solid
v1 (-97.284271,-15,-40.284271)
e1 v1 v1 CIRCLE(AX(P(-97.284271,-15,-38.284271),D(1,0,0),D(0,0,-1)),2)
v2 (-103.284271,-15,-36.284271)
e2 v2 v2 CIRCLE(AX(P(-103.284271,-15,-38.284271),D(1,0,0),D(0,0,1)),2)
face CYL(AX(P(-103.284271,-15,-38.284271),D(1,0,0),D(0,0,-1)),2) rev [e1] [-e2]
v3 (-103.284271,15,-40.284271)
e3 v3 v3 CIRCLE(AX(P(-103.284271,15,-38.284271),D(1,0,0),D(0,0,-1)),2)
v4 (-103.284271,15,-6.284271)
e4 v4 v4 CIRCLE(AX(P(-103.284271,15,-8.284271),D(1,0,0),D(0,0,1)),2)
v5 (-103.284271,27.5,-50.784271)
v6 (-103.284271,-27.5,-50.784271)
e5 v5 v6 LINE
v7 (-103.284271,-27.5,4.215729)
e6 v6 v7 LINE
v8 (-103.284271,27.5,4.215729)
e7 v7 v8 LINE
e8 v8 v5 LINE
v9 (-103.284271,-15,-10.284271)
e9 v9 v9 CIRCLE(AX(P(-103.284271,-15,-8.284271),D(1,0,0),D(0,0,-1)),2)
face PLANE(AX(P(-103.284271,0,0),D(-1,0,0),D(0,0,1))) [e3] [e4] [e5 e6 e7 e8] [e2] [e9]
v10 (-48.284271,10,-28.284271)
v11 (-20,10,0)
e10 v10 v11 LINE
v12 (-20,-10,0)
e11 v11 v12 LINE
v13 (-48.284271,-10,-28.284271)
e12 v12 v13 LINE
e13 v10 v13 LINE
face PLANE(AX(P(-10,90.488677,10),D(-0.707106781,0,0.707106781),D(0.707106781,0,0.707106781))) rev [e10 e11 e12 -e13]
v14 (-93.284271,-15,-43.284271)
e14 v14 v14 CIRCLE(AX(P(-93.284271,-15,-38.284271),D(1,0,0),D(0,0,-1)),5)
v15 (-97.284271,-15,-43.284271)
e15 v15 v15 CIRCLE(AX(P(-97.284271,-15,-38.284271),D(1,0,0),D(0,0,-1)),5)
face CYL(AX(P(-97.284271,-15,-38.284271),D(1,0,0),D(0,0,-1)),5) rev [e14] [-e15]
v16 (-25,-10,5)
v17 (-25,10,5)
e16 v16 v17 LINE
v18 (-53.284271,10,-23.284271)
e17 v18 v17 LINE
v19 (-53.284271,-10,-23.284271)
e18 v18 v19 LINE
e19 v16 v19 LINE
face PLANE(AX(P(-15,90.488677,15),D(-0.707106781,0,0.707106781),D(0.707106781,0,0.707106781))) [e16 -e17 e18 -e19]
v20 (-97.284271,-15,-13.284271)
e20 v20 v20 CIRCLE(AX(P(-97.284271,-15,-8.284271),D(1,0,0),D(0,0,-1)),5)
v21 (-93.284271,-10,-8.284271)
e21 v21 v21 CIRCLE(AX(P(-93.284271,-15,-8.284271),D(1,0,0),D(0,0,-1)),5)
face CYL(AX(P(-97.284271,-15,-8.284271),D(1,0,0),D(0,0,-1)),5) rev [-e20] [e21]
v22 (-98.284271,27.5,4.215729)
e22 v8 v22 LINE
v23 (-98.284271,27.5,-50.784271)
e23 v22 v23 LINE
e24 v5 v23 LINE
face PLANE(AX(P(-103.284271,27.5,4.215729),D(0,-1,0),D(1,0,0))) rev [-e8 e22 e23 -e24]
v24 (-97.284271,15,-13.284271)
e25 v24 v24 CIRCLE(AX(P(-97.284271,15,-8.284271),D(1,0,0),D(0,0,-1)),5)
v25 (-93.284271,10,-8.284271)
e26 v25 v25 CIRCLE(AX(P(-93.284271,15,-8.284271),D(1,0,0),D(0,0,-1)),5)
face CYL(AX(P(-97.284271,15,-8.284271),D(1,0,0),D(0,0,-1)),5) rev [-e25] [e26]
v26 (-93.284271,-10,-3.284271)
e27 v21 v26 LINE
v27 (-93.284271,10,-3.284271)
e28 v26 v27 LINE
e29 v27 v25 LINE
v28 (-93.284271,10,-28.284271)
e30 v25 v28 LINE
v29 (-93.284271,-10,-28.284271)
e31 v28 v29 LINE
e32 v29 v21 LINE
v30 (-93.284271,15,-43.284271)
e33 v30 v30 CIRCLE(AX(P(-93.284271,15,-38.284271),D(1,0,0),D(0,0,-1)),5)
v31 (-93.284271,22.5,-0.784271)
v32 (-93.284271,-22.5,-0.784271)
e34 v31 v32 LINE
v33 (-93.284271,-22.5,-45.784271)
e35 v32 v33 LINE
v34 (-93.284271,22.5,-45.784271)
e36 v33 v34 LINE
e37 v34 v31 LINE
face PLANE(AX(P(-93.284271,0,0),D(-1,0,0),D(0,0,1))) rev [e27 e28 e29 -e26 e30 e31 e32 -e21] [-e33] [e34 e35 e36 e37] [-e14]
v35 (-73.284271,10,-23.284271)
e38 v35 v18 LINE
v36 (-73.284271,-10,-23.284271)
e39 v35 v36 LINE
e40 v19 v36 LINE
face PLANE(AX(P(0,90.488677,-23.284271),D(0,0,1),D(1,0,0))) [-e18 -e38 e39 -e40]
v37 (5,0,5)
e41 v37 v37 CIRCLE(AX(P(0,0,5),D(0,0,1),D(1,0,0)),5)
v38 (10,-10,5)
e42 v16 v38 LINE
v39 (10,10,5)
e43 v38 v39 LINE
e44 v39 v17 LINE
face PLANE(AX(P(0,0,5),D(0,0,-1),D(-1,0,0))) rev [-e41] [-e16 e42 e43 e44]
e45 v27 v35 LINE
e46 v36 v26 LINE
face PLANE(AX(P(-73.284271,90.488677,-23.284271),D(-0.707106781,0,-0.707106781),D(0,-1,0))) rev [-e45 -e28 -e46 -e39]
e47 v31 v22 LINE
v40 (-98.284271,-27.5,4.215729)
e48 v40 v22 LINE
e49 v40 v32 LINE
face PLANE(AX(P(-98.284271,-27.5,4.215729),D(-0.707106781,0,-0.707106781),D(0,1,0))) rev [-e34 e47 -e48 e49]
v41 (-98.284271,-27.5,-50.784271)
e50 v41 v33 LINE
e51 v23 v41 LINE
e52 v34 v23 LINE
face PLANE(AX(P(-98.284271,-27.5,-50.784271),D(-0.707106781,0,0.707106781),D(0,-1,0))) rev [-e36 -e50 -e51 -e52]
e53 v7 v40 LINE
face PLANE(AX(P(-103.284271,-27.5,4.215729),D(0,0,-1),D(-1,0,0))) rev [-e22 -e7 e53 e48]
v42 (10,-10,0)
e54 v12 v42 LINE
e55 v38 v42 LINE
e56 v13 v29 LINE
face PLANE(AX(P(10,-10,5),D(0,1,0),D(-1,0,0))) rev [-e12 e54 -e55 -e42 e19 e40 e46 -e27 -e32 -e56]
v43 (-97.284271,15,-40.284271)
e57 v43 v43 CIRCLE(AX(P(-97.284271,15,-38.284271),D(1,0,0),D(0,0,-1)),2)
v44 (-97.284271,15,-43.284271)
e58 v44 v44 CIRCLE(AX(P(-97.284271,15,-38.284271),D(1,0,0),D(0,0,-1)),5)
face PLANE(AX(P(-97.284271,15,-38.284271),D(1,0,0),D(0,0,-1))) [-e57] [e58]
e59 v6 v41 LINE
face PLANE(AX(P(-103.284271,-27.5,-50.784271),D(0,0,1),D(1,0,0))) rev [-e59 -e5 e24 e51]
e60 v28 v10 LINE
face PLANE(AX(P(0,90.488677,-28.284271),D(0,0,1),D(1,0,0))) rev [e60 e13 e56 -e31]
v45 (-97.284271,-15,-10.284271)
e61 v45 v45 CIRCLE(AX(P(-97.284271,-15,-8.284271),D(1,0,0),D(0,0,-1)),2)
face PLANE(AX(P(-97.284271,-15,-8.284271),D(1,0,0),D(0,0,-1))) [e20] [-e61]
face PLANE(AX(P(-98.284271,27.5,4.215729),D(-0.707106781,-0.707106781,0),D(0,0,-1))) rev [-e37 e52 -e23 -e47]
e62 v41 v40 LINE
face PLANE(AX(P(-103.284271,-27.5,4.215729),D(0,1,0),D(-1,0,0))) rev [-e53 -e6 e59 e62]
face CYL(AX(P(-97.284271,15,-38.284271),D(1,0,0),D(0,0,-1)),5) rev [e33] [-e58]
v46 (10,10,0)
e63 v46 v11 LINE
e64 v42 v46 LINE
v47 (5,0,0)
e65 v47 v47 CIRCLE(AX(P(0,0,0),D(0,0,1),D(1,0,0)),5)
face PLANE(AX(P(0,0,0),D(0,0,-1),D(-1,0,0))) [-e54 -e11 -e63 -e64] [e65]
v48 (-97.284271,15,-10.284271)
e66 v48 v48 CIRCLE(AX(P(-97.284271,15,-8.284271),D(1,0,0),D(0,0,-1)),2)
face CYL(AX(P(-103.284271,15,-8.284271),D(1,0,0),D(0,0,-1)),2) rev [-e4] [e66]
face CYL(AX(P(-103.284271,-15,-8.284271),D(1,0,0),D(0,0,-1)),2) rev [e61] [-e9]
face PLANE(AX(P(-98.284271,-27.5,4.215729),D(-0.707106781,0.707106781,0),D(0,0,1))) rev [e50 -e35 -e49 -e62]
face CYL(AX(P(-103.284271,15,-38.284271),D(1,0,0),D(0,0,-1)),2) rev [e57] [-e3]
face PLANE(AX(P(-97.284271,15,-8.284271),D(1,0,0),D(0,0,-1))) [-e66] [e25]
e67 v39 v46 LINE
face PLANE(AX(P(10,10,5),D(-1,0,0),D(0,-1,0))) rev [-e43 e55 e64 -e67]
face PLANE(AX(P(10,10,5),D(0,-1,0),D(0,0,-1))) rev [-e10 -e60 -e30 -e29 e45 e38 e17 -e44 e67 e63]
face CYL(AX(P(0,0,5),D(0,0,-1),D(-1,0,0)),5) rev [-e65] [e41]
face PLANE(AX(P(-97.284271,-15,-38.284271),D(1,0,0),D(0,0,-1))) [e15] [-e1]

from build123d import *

# Parameters (mm, degrees)
SKETCH1_W           = 20
SKETCH1_H           = 20
SKETCH1_R           = 5
BOSS_EXTRUDE1_DEPTH = 5
SKETCH2_W           = 5
SKETCH2_H           = 20
BOSS_EXTRUDE2_DEPTH = 15
BOSS_EXTRUDE3_DEPTH = 20
SKETCH4_W           = 55
SKETCH4_H           = 55
BOSS_EXTRUDE4_DEPTH = 10
CHAMFER1_SIZE       = 20
CHAMFER2_SIZE       = 5
SKETCH5_R           = 2
CUT_EXTRUDE1_DEPTH  = 119.333988749
SKETCH6_R           = 5
SKETCH6_R_2         = 2
CUT_EXTRUDE2_DEPTH  = 4


with BuildPart() as part:
    # Sketch1 → Boss-Extrude1 (new body)
    with BuildSketch(Plane.XY):
        Rectangle(SKETCH1_W, SKETCH1_H)
        Circle(SKETCH1_R, mode=Mode.SUBTRACT)
    extrude(amount=BOSS_EXTRUDE1_DEPTH)

    # Sketch2 → Boss-Extrude2 (add)
    with BuildSketch(Plane.ZY.offset(10)):
        with Locations((2.5, 0)):
            Rectangle(SKETCH2_W, SKETCH2_H)
    extrude(amount=BOSS_EXTRUDE2_DEPTH)

    # Sketch3 → Boss-Extrude3 (add)
    with BuildSketch(Plane.XZ.offset(10)):
        Polygon((-25, 0), (-25, 5), (-53.284271247, -23.284271247), (-48.284271247, -23.284271247), (-48.284271247, -28.284271247), (-20, 0), align=None)
        Polygon((-48.284271247, -28.284271247), (-53.284271247, -23.284271247), (-93.284271247, -23.284271247), (-93.284271247, -28.284271247), align=None)
        Polygon((-48.284271247, -23.284271247), (-53.284271247, -23.284271247), (-48.284271247, -28.284271247), align=None)
    extrude(amount=-BOSS_EXTRUDE3_DEPTH)

    # Sketch4 → Boss-Extrude4 (add)
    with BuildSketch(Plane.ZY.offset(93.284271247)):
        with Locations((-23.284271247, 0)):
            Rectangle(SKETCH4_W, SKETCH4_H)
    extrude(amount=BOSS_EXTRUDE4_DEPTH)

    # Chamfer1
    chamfer1_edges = [part.edges().sort_by_distance(p)[0] for p in [
        (-93.284271247, 0, -23.284271247),
    ]]
    chamfer(chamfer1_edges, length=CHAMFER1_SIZE)

    # Chamfer2
    chamfer2_edges = [part.edges().sort_by_distance(p)[0] for p in [
        (-93.284271247, 0, -50.784271247),
        (-93.284271247, -27.5, -23.284271247),
        (-93.284271247, 0, 4.215728753),
        (-93.284271247, 27.5, -23.284271247),
    ]]
    chamfer(chamfer2_edges, length=CHAMFER2_SIZE)

    # Sketch5 → Cut-Extrude1 (cut, through all)
    with BuildSketch(Plane(origin=(-93.284271247, 0, 0), x_dir=(0, 0, -1), z_dir=(1, 0, 0))):
        with Locations((38.284271247, 15)):
            Circle(SKETCH5_R)
        with Locations(Location((38.284271247, -15, 0), (0, 0, 180))):
            Circle(SKETCH5_R)
        with Locations((8.284271247, -15)):
            Circle(SKETCH5_R)
        with Locations(Location((8.284271247, 15, 0), (0, 0, 180))):
            Circle(SKETCH5_R)
    extrude(amount=-CUT_EXTRUDE1_DEPTH, mode=Mode.SUBTRACT)

    # Sketch6 → Cut-Extrude2 (cut)
    # profile 1 of 4: a face of its own
    with BuildSketch(Plane(origin=(-93.284271247, 0, 0), x_dir=(0, 0, -1), z_dir=(1, 0, 0))):
        with Locations((8.284271247, 15)):
            Circle(SKETCH6_R)
        with Locations((8.284271247, 15)):
            Circle(SKETCH6_R_2, mode=Mode.SUBTRACT)
    # profile 2 of 4: a face of its own
    with BuildSketch(Plane(origin=(-93.284271247, 0, 0), x_dir=(0, 0, -1), z_dir=(1, 0, 0))):
        with Locations((8.284271247, -15)):
            Circle(SKETCH6_R)
        with Locations((8.284271247, -15)):
            Circle(SKETCH6_R_2, mode=Mode.SUBTRACT)
    # profile 3 of 4: a face of its own
    with BuildSketch(Plane(origin=(-93.284271247, 0, 0), x_dir=(0, 0, -1), z_dir=(1, 0, 0))):
        with Locations((38.284271247, -15)):
            Circle(SKETCH6_R)
        with Locations((38.284271247, -15)):
            Circle(SKETCH6_R_2, mode=Mode.SUBTRACT)
    # profile 4 of 4: a face of its own
    with BuildSketch(Plane(origin=(-93.284271247, 0, 0), x_dir=(0, 0, -1), z_dir=(1, 0, 0))):
        with Locations((38.284271247, 15)):
            Circle(SKETCH6_R)
        with Locations((38.284271247, 15)):
            Circle(SKETCH6_R_2, mode=Mode.SUBTRACT)
    extrude(amount=-CUT_EXTRUDE2_DEPTH, mode=Mode.SUBTRACT)


solid = part.part
